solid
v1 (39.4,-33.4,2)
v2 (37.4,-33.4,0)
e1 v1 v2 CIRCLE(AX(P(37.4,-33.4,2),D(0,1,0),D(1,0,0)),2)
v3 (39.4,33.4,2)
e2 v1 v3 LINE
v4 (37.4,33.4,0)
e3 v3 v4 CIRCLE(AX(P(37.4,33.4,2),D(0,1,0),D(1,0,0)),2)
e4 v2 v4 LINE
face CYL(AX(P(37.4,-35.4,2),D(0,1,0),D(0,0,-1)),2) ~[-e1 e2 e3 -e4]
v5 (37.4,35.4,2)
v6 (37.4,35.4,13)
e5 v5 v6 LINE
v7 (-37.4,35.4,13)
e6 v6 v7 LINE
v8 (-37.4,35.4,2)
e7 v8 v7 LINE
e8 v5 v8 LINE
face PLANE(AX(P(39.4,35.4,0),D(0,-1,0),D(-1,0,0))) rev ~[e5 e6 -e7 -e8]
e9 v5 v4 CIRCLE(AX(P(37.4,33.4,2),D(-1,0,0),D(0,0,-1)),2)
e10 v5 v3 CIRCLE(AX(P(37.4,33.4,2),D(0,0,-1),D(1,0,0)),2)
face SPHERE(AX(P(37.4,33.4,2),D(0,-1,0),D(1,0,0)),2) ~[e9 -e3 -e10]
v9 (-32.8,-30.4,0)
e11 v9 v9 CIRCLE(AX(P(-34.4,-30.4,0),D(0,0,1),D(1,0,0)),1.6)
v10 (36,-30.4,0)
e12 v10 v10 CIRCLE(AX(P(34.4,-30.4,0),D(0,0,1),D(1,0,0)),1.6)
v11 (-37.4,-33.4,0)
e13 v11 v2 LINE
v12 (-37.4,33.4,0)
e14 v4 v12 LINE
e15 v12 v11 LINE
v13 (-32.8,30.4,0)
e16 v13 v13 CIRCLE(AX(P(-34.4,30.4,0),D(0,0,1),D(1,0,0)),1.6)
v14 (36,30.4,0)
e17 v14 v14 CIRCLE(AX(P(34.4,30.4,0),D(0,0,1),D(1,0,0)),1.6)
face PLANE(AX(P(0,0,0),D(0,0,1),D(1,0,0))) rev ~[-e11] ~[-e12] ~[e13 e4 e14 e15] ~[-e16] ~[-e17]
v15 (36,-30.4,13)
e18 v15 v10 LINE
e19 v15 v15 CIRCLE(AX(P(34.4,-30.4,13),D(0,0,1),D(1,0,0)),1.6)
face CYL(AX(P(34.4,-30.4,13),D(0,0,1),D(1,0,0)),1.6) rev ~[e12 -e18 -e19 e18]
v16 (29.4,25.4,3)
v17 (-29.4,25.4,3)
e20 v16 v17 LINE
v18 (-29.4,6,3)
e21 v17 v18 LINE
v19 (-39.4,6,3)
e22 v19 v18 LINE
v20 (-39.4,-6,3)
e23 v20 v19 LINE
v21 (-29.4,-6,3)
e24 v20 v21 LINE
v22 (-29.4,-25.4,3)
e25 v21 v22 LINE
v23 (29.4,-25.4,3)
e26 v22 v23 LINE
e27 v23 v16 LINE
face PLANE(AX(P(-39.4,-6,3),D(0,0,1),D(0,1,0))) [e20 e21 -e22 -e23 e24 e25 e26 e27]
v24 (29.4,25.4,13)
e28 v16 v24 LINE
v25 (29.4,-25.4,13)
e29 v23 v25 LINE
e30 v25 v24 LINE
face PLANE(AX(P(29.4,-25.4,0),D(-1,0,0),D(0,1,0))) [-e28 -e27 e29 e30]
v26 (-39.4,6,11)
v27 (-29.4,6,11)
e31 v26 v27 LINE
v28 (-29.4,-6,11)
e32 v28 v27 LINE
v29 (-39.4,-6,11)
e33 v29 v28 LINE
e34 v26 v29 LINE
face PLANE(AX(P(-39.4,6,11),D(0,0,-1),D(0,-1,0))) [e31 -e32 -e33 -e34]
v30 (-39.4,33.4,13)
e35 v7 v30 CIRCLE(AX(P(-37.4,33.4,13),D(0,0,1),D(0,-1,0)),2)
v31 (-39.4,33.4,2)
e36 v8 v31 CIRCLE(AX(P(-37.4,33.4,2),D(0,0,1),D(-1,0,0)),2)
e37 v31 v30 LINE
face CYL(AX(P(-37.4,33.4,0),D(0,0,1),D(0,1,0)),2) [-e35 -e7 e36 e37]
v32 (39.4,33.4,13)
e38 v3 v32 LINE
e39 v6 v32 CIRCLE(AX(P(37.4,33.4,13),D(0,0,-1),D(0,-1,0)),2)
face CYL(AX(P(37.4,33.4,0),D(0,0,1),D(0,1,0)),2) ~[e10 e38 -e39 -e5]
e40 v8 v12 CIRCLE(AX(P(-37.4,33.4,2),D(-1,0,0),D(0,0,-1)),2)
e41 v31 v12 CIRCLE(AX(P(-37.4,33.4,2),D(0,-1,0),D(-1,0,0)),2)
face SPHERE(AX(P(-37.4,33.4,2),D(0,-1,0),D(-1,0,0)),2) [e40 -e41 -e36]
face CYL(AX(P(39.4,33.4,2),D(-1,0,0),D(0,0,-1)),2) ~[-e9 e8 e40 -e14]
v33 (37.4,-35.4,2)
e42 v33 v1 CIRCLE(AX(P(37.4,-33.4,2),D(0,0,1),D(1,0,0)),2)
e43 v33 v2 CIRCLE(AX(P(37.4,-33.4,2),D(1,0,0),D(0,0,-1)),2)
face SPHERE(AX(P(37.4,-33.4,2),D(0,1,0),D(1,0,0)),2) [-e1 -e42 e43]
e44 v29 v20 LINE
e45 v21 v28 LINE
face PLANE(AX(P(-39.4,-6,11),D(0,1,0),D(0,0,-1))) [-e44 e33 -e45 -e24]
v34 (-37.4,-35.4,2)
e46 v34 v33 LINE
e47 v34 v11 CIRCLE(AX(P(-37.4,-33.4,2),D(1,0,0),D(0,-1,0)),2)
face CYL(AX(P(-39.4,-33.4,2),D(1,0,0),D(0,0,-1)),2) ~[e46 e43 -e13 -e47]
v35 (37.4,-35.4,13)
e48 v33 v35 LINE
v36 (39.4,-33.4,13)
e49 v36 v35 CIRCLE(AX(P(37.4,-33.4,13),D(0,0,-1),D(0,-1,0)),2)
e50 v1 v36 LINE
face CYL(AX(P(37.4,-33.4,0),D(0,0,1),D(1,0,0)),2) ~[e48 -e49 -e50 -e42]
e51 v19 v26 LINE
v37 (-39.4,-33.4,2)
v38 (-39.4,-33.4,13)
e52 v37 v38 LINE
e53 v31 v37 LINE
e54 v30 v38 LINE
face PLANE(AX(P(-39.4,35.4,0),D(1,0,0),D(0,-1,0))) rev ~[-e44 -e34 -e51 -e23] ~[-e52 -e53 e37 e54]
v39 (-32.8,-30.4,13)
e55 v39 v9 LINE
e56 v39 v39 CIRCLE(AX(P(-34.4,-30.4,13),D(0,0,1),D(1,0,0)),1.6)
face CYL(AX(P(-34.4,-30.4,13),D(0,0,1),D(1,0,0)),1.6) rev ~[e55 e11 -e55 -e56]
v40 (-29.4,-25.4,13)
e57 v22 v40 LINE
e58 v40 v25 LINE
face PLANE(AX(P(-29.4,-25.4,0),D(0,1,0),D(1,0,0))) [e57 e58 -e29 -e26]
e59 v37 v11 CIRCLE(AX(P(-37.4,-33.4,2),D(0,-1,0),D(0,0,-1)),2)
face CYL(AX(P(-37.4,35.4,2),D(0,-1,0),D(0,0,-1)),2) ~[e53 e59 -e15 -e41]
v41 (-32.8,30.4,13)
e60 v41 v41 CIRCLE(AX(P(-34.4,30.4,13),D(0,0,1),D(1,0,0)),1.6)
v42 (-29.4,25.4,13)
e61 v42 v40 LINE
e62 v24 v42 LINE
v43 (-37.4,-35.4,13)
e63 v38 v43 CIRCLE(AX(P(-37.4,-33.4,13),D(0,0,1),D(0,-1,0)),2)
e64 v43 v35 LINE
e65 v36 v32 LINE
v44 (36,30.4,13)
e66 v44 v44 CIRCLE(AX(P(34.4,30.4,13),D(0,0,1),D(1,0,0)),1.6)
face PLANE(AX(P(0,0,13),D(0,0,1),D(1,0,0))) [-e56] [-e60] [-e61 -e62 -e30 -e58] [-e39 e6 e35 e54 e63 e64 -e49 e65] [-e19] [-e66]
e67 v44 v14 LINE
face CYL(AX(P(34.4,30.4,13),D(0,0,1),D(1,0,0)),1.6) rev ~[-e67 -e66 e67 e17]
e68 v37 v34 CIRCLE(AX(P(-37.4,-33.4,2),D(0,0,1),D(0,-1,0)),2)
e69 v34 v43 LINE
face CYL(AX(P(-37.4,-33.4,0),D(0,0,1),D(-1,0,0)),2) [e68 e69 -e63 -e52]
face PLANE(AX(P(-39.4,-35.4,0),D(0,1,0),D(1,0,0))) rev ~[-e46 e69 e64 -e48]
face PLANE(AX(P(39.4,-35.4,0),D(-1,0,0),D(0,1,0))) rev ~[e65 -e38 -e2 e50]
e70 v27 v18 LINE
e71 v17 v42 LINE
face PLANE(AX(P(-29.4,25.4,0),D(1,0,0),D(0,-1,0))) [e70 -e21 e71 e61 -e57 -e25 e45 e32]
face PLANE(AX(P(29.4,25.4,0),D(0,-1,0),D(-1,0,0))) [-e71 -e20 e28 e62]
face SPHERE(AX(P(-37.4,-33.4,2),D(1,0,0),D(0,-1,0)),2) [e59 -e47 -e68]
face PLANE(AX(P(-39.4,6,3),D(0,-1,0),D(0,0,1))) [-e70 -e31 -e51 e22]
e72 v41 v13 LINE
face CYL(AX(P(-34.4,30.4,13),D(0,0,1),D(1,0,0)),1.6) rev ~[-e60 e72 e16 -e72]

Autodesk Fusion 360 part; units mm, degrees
sketch "Sketch1" plane through (0, 0, 0) normal (0, 0, 1) x (1, 0, 0)
  line L0 (29.4, 25.4) -> (-29.4, 25.4)
  line L1 (-29.4, 25.4) -> (-29.4, -25.4)
  line L2 (-29.4, -25.4) -> (29.4, -25.4)
  line L3 (29.4, -25.4) -> (29.4, 25.4)
  line L4 (29.4, 25.4) -> (-29.4, -25.4) construction
  line L5 (-29.4, 25.4) -> (29.4, -25.4) construction
  line L6 (-39.4, 35.4) -> (-39.4, -35.4)
  line L7 (-39.4, -35.4) -> (39.4, -35.4)
  line L8 (39.4, -35.4) -> (39.4, 35.4)
  line L9 (39.4, 35.4) -> (-39.4, 35.4)
  dimension "d1" = 58.8
  dimension "d2" = 50.8
  dimension "d3" = 10
extrude "Extrude6" add sketch "Sketch1" along normal blind 3 contours L0 L1 L2 L3
extrude "Extrude7" add sketch "Sketch1" along normal blind 13
sketch "Sketch2" plane through (39.4, 0, 0) normal (1, 0, 0) x (0, 1, 0)
  line L0 (-35.4, 0) -> (35.4, 0)
  line L1 (35.4, 0) -> (35.4, 13)
  line L2 (35.4, 13) -> (-35.4, 13)
  line L3 (-35.4, 13) -> (-35.4, 0)
  line L4 (6, 11.3977) -> (-6, 11.3977)
  line L5 (-6, 11.3977) -> (-6, 3.3977)
  line L6 (-6, 3.3977) -> (6, 3.3977)
  line L7 (6, 3.3977) -> (6, 11.3977)
  line L8 (6, 11.3977) -> (-6, 3.3977) construction
  line L9 (-6, 11.3977) -> (6, 3.3977) construction
  point P0 (0, 7.3977)
  dimension "d18" = 12
  dimension "d19" = 8
sketch "Sketch3" plane through (0, 0, 13) normal (0, 0, 1) x (1, 0, 0)
  line L0 (29.4, 25.4) -> (29.4, -25.4)
  line L1 (29.4, -25.4) -> (-29.4, -25.4)
  line L2 (-29.4, -25.4) -> (-29.4, 25.4)
  line L3 (-29.4, 25.4) -> (29.4, 25.4)
  line L4 (39.4, 35.4) -> (-39.4, 35.4)
  line L5 (-39.4, 35.4) -> (-39.4, -35.4)
  line L6 (-39.4, -35.4) -> (39.4, -35.4)
  line L7 (39.4, -35.4) -> (39.4, 35.4)
  circle A0 centre (-34.4, 30.4) radius 1.6
  circle A1 centre (34.4, 30.4) radius 1.6
  circle A2 centre (-34.4, -30.4) radius 1.6
  circle A3 centre (34.4, -30.4) radius 1.6
extrude "Extrude9" cut sketch "Sketch3" against normal blind 13 contours A0 | A1 | A2 | A3
fillet "Fillet1" radius 2 8 edges at (39.4, 0, 0) (39.4, 35.4, 6.5) (39.4, -35.4, 6.5) (0, -35.4, 0) (-39.4, -35.4, 6.5) (-39.4, 0, 0) (-39.4, 35.4, 6.5) (0, 35.4, 0)
sketch "Sketch4" plane through (-39.4, 0, 0) normal (-1, 0, 0) x (0, -1, 0)
  line L0 (-33.4, 13) -> (-33.4, 2)
  line L1 (-33.4, 2) -> (33.4, 2)
  line L2 (33.4, 2) -> (33.4, 13)
  line L3 (33.4, 13) -> (-33.4, 13)
  line L4 (-6, 3.4) -> (6, 3.4)
  line L5 (6, 3.4) -> (6, 11.4)
  line L6 (6, 11.4) -> (-6, 11.4)
  line L7 (-6, 11.4) -> (-6, 3.4)
extrude "Extrude10" cut sketch "Sketch4" along normal blind 10 contours L4 L5 L6 L7
sketch "Sketch5" plane through (39.4, 0, 0) normal (1, 0, 0) x (0, 1, 0)
  line L0 (33.4, 2) -> (33.4, 13)
  line L1 (33.4, 13) -> (-33.4, 13)
  line L2 (-33.4, 13) -> (-33.4, 2)
  line L3 (-33.4, 2) -> (33.4, 2)
  line L4 (-6, 11) -> (6, 11)
  line L5 (6, 11) -> (6, 3)
  line L6 (6, 3) -> (-6, 3)
  line L7 (-6, 3) -> (-6, 11)
  line L8 (-6, 11) -> (6, 3) construction
  line L9 (6, 11) -> (-6, 3) construction
  point P0 (0, 7)
  dimension "d28" = 12
  dimension "d29" = 8
sketch "Sketch6" plane through (0, 0, 0) normal (1, 0, 0) x (0, 1, 0)
sketch "Sketch7" plane through (-39.4, 0, 0) normal (-1, 0, 0) x (0, -1, 0)
  line L0 (-33.4, 13) -> (-33.4, 2)
  line L1 (-33.4, 2) -> (33.4, 2)
  line L2 (33.4, 2) -> (33.4, 13)
  line L3 (33.4, 13) -> (-33.4, 13)
  line L4 (-6, 11) -> (6, 11)
  line L5 (6, 11) -> (6, 3)
  line L6 (6, 3) -> (-6, 3)
  line L7 (-6, 3) -> (-6, 11)
  line L8 (-6, 11) -> (6, 3) construction
  line L9 (6, 11) -> (-6, 3) construction
  point P0 (0, 7)
  dimension "d32" = 12
  dimension "d33" = 8
extrude "Extrude12" cut sketch "Sketch7" against normal blind 27 contours L4 L5 L6 L7
